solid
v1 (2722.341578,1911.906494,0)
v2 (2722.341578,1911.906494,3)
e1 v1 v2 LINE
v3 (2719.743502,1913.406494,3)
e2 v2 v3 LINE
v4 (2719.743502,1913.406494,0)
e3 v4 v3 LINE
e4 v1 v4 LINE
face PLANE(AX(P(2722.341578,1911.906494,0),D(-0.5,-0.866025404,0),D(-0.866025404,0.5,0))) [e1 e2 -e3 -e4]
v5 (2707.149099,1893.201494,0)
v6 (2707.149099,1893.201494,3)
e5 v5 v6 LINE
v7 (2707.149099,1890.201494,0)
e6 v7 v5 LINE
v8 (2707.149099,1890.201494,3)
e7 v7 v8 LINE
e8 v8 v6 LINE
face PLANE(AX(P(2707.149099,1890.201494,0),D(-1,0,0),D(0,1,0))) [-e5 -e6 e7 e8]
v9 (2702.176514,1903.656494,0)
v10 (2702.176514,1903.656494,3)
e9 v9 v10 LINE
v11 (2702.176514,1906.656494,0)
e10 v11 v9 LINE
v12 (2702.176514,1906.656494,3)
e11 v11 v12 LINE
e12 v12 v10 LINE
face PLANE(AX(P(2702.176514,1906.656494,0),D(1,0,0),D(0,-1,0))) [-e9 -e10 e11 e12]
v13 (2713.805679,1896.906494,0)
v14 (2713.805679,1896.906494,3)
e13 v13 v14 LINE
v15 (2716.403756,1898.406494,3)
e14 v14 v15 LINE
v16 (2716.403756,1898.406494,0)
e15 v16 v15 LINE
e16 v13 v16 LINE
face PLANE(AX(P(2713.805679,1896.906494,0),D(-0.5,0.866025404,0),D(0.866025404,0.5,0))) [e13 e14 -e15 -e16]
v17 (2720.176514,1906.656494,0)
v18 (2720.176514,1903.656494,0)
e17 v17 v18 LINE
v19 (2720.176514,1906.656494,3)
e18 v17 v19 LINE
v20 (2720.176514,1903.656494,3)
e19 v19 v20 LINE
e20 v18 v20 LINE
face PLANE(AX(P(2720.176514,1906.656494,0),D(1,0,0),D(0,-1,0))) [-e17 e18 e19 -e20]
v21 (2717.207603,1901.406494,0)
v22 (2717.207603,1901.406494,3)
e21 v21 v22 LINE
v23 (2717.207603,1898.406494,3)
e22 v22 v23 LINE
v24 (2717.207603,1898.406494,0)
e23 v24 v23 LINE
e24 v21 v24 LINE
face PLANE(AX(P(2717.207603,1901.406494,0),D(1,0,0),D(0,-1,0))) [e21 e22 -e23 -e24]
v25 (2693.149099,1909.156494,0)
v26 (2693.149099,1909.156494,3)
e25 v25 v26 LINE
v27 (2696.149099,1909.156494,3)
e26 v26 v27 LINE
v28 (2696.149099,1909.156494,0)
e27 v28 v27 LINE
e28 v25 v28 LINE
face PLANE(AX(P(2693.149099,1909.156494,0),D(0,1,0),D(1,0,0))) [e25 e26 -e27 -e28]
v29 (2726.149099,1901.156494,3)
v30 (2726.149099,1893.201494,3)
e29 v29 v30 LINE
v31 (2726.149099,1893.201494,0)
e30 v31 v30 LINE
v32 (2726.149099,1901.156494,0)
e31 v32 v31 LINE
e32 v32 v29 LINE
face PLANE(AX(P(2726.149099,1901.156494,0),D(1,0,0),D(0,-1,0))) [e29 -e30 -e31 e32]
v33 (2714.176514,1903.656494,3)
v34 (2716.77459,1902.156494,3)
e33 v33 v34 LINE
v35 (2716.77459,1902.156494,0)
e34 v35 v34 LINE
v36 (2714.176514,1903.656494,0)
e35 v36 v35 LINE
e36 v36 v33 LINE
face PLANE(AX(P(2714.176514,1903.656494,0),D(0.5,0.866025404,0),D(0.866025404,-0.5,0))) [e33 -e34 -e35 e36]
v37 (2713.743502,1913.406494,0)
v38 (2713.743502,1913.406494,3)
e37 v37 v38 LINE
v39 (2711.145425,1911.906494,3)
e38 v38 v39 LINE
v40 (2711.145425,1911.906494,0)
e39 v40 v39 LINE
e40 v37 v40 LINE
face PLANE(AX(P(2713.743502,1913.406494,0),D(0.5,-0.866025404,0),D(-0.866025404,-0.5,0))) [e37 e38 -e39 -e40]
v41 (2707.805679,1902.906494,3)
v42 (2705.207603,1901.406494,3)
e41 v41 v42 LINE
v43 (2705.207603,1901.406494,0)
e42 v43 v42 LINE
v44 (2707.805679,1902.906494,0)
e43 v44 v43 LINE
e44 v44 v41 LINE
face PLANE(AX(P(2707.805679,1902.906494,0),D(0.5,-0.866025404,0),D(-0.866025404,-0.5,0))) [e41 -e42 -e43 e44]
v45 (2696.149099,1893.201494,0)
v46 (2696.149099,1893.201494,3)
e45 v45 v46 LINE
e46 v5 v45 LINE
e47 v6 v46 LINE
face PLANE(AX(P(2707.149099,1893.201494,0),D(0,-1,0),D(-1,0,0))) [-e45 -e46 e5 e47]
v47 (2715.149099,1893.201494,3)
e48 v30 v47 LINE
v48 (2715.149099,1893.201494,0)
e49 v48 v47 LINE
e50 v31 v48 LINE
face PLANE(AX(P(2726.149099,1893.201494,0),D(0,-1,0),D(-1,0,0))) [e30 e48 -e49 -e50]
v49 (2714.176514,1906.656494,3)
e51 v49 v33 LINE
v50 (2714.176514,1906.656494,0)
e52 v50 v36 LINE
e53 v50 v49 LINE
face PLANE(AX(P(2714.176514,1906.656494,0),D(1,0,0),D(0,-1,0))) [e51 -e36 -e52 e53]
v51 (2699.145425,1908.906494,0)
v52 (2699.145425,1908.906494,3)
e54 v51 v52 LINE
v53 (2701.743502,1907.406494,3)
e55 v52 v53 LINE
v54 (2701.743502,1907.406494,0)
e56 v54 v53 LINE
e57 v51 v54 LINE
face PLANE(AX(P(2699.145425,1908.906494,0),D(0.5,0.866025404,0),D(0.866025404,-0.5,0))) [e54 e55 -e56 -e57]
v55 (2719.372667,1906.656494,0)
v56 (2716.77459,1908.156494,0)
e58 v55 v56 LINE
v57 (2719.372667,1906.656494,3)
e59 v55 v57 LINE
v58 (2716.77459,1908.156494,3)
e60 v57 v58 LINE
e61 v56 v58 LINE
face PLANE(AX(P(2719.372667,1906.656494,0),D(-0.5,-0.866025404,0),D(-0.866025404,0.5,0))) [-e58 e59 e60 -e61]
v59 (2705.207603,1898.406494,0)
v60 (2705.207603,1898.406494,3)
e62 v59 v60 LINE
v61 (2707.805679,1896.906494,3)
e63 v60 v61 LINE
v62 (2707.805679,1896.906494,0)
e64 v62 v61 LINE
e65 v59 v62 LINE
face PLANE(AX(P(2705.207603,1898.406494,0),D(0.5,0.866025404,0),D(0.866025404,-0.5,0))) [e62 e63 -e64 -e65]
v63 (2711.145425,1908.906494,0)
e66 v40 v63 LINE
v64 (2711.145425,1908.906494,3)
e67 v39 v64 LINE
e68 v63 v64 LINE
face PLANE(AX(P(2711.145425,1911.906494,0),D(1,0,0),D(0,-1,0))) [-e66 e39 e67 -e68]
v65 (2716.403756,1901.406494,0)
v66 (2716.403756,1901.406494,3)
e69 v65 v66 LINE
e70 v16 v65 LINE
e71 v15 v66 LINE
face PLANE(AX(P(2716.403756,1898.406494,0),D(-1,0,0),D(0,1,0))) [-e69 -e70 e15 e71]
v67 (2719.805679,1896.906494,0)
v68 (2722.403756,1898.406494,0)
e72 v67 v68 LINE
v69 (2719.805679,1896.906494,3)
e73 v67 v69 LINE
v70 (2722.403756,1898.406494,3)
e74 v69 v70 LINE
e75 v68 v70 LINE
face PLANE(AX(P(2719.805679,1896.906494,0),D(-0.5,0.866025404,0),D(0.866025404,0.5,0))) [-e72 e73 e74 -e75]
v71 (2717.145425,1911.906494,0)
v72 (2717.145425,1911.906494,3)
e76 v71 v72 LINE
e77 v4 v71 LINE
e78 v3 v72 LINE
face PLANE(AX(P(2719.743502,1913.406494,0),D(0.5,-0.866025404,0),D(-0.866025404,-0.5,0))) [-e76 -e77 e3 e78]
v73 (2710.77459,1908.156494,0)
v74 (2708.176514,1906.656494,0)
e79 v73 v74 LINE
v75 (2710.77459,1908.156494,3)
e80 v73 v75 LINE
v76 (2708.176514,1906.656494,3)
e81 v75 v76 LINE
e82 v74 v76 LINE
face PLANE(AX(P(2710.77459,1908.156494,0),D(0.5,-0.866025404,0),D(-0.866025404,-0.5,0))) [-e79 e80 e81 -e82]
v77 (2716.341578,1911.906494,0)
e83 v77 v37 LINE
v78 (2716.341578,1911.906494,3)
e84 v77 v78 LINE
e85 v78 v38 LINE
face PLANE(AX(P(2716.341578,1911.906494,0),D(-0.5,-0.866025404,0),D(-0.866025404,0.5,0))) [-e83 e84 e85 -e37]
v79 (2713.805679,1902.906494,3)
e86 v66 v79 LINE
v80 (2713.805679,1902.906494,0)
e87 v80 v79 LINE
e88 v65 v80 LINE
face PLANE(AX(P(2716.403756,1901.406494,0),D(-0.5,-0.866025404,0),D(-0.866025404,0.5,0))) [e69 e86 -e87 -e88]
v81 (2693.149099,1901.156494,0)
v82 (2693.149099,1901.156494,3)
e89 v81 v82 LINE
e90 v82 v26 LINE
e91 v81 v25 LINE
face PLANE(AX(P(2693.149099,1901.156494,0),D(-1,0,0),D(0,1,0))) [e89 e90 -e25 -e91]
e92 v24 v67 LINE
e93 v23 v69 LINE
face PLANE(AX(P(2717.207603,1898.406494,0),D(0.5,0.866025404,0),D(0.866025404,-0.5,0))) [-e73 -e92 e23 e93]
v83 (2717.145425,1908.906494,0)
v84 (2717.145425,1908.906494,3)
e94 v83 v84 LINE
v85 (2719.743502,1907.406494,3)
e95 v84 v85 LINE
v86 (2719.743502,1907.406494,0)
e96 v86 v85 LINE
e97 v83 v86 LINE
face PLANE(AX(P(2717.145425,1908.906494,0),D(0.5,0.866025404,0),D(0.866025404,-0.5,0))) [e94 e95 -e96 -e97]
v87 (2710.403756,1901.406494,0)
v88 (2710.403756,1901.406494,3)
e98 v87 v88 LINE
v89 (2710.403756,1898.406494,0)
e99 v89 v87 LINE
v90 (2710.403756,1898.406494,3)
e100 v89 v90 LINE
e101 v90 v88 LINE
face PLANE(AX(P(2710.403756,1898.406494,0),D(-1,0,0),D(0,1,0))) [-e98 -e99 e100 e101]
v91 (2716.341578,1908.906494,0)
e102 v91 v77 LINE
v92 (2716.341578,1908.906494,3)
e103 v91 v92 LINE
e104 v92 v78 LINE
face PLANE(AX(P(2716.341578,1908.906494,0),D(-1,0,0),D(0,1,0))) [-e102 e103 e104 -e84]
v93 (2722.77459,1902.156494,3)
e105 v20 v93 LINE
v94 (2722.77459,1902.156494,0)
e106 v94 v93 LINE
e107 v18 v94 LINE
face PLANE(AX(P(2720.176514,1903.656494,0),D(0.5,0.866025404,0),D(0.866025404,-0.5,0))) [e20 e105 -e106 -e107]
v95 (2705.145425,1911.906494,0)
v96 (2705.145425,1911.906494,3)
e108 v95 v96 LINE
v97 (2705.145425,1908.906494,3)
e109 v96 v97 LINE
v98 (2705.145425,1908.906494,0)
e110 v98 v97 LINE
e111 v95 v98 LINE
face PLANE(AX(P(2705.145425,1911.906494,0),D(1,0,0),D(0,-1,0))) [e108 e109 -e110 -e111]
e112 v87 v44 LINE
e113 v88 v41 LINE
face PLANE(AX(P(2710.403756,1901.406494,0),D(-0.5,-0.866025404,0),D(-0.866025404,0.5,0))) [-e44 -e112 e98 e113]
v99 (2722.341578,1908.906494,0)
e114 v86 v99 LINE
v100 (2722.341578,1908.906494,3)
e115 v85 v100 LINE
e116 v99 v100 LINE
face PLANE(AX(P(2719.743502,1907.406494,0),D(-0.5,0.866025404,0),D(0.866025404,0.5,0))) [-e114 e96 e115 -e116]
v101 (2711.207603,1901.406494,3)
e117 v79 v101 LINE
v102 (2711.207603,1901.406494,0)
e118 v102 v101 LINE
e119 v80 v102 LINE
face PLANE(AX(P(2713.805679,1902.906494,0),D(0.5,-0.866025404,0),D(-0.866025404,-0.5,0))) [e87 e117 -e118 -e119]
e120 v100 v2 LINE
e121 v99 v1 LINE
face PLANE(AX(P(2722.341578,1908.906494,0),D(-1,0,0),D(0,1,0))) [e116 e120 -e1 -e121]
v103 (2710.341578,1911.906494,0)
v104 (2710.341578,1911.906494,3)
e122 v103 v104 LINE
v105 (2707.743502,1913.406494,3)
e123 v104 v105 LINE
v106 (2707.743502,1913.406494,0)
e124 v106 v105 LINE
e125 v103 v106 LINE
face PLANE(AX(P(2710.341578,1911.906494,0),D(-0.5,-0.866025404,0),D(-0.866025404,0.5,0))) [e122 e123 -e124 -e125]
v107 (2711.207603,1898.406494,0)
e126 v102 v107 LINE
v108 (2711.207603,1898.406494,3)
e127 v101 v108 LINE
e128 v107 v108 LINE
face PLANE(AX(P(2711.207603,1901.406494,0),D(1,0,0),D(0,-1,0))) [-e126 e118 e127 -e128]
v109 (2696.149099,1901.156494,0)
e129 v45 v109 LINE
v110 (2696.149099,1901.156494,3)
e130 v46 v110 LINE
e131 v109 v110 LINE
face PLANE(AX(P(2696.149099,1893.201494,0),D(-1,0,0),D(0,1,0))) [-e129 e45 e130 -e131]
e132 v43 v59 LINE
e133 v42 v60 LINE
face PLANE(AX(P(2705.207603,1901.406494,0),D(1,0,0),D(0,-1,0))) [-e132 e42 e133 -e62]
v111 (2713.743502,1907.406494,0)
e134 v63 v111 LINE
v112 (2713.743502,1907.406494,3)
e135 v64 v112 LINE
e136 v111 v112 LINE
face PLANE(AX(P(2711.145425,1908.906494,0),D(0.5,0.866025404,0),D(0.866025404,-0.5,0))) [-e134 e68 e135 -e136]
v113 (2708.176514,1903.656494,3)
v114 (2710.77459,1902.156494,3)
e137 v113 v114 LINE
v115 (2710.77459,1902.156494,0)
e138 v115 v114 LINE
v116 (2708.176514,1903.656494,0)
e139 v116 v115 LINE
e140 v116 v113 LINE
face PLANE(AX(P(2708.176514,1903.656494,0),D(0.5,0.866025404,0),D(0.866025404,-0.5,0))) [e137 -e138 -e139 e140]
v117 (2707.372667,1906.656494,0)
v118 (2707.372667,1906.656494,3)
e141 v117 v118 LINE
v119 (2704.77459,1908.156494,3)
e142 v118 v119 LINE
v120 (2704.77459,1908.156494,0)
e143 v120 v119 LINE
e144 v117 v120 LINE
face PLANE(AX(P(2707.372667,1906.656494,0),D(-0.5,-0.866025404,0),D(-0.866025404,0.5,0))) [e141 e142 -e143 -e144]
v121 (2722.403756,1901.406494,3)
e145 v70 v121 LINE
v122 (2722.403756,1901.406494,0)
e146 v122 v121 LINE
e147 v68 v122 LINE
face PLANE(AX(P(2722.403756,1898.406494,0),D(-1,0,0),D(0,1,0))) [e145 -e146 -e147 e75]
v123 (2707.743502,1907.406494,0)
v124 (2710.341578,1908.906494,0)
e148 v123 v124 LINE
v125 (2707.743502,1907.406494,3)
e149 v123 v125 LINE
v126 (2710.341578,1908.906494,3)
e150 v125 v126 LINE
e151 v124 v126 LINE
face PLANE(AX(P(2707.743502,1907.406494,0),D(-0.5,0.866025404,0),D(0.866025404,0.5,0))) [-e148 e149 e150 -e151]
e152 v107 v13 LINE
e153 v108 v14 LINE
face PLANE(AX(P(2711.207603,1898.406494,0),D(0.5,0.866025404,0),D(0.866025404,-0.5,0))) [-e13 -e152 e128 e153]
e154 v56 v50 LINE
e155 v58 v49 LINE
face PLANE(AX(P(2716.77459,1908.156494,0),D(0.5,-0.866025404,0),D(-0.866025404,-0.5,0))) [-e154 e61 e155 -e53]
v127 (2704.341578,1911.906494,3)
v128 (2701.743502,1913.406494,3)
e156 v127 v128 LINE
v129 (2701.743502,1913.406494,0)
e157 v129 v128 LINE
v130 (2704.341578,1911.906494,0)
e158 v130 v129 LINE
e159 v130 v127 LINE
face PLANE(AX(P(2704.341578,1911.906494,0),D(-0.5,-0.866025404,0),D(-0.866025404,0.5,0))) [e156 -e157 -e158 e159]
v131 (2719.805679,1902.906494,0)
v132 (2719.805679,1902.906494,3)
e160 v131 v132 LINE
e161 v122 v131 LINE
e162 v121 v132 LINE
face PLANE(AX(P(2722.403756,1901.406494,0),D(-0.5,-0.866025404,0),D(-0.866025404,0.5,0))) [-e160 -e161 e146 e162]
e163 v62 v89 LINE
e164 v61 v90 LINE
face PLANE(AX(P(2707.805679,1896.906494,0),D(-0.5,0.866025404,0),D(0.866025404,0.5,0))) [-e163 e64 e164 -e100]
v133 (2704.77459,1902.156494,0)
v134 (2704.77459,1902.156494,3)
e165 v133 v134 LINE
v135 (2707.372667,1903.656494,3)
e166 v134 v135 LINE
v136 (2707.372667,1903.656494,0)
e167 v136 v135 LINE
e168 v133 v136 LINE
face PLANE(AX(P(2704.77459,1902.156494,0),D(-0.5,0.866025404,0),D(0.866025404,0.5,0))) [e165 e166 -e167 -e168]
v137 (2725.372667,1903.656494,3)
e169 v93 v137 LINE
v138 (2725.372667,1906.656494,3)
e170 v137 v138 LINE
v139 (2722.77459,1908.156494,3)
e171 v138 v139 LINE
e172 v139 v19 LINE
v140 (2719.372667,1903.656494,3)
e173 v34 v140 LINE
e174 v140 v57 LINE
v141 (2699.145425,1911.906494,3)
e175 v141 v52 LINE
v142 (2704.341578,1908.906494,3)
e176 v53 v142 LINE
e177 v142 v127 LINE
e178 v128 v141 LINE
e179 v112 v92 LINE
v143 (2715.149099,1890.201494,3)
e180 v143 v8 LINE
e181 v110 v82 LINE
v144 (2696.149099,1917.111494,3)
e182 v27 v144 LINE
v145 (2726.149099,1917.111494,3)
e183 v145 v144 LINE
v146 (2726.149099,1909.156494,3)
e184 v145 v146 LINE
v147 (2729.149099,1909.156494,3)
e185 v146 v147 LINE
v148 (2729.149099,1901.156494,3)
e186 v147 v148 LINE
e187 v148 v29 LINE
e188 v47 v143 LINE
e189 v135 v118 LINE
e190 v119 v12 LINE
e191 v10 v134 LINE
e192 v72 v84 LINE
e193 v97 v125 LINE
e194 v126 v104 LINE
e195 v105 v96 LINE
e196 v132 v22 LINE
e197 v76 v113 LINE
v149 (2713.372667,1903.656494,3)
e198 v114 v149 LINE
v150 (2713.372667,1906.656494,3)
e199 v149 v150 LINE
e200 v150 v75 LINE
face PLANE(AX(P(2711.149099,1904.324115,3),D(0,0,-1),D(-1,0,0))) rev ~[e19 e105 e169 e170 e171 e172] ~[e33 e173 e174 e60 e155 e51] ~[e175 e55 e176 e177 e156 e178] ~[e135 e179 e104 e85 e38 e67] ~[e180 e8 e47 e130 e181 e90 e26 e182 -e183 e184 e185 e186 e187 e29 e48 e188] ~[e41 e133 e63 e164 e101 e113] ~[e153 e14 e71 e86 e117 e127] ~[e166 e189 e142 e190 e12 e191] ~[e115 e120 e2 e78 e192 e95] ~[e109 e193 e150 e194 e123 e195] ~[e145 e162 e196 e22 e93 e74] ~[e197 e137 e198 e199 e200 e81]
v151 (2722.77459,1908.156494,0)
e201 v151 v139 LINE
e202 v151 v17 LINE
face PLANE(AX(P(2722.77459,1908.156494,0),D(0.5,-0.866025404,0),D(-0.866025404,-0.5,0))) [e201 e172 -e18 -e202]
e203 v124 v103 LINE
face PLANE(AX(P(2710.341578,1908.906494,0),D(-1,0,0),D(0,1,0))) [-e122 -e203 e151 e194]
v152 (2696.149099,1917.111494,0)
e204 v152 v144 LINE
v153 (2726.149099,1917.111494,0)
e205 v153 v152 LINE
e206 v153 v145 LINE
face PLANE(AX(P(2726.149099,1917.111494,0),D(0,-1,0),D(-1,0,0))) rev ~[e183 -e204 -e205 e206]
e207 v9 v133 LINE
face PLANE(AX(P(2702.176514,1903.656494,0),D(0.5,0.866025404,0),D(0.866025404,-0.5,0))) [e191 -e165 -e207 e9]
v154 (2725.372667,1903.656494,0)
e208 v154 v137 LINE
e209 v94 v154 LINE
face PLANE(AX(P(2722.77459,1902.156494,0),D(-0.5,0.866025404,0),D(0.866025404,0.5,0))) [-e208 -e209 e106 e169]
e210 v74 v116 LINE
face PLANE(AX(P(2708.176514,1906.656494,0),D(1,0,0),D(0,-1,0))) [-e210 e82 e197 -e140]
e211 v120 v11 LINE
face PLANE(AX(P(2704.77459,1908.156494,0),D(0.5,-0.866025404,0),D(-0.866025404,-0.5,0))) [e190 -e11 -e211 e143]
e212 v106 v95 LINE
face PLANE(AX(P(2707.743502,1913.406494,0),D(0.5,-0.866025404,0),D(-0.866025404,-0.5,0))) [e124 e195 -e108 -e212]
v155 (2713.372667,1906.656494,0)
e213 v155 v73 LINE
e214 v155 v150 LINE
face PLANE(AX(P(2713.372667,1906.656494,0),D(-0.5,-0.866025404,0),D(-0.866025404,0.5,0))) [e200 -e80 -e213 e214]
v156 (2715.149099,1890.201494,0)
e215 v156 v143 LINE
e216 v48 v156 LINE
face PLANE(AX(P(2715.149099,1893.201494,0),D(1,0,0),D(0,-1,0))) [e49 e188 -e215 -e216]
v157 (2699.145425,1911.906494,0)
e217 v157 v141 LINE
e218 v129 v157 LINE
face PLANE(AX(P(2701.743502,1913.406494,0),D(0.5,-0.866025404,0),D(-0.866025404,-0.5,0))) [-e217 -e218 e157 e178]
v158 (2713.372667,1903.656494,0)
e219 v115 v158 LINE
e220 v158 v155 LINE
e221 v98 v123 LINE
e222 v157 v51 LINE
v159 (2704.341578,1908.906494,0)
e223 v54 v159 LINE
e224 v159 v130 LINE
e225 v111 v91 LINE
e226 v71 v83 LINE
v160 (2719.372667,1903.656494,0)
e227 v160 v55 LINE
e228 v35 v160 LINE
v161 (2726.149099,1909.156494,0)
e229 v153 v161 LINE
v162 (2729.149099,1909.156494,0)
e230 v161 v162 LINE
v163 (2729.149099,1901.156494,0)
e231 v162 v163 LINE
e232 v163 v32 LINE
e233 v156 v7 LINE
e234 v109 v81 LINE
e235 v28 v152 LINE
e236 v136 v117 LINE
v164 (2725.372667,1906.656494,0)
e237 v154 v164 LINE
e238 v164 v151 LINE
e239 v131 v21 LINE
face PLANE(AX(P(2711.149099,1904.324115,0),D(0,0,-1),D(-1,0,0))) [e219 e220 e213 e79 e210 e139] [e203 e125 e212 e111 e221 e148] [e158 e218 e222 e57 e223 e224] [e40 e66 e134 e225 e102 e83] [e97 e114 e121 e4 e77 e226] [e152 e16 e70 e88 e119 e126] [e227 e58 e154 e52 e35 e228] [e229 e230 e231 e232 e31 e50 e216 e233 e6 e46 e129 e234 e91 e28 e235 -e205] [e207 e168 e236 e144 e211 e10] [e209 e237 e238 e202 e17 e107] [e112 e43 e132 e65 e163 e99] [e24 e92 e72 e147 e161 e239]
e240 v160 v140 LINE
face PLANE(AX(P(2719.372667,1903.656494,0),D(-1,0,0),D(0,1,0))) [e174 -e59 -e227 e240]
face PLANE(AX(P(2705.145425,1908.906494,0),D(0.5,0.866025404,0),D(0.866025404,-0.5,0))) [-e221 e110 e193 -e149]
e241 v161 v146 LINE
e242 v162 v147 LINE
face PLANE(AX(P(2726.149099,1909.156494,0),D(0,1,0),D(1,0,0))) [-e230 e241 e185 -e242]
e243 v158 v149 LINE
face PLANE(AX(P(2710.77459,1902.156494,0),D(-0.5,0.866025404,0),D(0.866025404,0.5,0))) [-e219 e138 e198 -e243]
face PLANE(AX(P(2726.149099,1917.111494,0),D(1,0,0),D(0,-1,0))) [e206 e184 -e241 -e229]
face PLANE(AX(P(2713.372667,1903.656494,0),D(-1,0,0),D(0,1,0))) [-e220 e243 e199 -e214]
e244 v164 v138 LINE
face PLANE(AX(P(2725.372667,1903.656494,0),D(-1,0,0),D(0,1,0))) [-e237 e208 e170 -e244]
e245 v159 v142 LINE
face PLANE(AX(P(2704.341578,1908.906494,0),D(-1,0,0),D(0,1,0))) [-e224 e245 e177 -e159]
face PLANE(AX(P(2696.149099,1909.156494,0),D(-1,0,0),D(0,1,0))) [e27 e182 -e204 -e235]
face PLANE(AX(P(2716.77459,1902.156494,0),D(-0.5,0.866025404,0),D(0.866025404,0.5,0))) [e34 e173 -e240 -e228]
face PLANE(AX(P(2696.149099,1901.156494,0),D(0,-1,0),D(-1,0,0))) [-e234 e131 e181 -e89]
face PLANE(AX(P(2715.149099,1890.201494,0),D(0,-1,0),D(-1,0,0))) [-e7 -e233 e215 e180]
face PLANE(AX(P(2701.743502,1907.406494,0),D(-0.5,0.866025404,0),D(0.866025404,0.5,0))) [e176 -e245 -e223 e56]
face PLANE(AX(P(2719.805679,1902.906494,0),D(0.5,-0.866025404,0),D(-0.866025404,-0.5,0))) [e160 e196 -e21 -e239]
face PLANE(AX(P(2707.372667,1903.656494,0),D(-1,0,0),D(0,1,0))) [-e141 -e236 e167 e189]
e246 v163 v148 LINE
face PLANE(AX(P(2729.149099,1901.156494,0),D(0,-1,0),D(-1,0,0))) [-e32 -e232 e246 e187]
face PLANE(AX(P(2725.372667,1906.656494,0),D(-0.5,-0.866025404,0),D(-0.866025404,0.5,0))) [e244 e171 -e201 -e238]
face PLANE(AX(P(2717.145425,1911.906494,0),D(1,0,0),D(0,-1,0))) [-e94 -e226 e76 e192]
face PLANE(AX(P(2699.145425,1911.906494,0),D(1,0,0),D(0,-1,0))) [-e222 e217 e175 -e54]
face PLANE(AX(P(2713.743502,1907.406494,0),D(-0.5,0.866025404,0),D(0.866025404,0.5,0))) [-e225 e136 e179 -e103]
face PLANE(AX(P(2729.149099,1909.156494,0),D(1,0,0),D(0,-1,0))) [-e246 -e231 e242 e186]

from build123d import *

# Parameters (mm, degrees)
EXTRUDE_1_DEPTH = 3


with BuildPart() as part:
    # 草图1 → 凸台-拉伸1 (new body)
    with BuildSketch(Plane.XY):
        Polygon((2696.149099258, 1909.156494091), (2696.149099258, 1917.111494091), (2707.149099258, 1917.111494091), (2715.149099258, 1917.111494091), (2726.149099258, 1917.111494091), (2726.149099258, 1909.156494091), (2729.149099258, 1909.156494091), (2729.149099258, 1901.156494091), (2726.149099258, 1901.156494091), (2726.149099258, 1893.201494091), (2715.149099258, 1893.201494091), (2715.149099258, 1890.201494091), (2707.149099258, 1890.201494091), (2707.149099258, 1893.201494091), (2696.149099258, 1893.201494091), (2696.149099258, 1901.156494091), (2693.149099258, 1901.156494091), (2693.149099258, 1909.156494091), align=None)
        Polygon((2699.145425292, 1908.906494091), (2701.743501504, 1907.406494091), (2704.341577715, 1908.906494091), (2704.341577715, 1911.906494091), (2701.743501504, 1913.406494091), (2699.145425292, 1911.906494091), align=None, mode=Mode.SUBTRACT)
        Polygon((2705.145425292, 1908.906494091), (2707.743501504, 1907.406494091), (2710.341577715, 1908.906494091), (2710.341577715, 1911.906494091), (2707.743501504, 1913.406494091), (2705.145425292, 1911.906494091), align=None, mode=Mode.SUBTRACT)
        Polygon((2711.145425292, 1908.906494091), (2713.743501504, 1907.406494091), (2716.341577715, 1908.906494091), (2716.341577715, 1911.906494091), (2713.743501504, 1913.406494091), (2711.145425292, 1911.906494091), align=None, mode=Mode.SUBTRACT)
        Polygon((2717.145425292, 1908.906494091), (2719.743501504, 1907.406494091), (2722.341577715, 1908.906494091), (2722.341577715, 1911.906494091), (2719.743501504, 1913.406494091), (2717.145425292, 1911.906494091), align=None, mode=Mode.SUBTRACT)
        Polygon((2702.176514206, 1903.656494091), (2704.774590417, 1902.156494091), (2707.372666628, 1903.656494091), (2707.372666628, 1906.656494091), (2704.774590417, 1908.156494091), (2702.176514206, 1906.656494091), align=None, mode=Mode.SUBTRACT)
        Polygon((2708.176514206, 1903.656494091), (2710.774590417, 1902.156494091), (2713.372666628, 1903.656494091), (2713.372666628, 1906.656494091), (2710.774590417, 1908.156494091), (2708.176514206, 1906.656494091), align=None, mode=Mode.SUBTRACT)
        Polygon((2714.176514206, 1903.656494091), (2716.774590417, 1902.156494091), (2719.372666628, 1903.656494091), (2719.372666628, 1906.656494091), (2716.774590417, 1908.156494091), (2714.176514206, 1906.656494091), align=None, mode=Mode.SUBTRACT)
        Polygon((2720.176514206, 1903.656494091), (2722.774590417, 1902.156494091), (2725.372666628, 1903.656494091), (2725.372666628, 1906.656494091), (2722.774590417, 1908.156494091), (2720.176514206, 1906.656494091), align=None, mode=Mode.SUBTRACT)
        Polygon((2705.207603119, 1898.406494091), (2707.80567933, 1896.906494091), (2710.403755542, 1898.406494091), (2710.403755542, 1901.406494091), (2707.80567933, 1902.906494091), (2705.207603119, 1901.406494091), align=None, mode=Mode.SUBTRACT)
        Polygon((2711.207603119, 1898.406494091), (2713.80567933, 1896.906494091), (2716.403755542, 1898.406494091), (2716.403755542, 1901.406494091), (2713.80567933, 1902.906494091), (2711.207603119, 1901.406494091), align=None, mode=Mode.SUBTRACT)
        Polygon((2717.207603119, 1898.406494091), (2719.80567933, 1896.906494091), (2722.403755542, 1898.406494091), (2722.403755542, 1901.406494091), (2719.80567933, 1902.906494091), (2717.207603119, 1901.406494091), align=None, mode=Mode.SUBTRACT)
    extrude(amount=EXTRUDE_1_DEPTH)


solid = part.part
